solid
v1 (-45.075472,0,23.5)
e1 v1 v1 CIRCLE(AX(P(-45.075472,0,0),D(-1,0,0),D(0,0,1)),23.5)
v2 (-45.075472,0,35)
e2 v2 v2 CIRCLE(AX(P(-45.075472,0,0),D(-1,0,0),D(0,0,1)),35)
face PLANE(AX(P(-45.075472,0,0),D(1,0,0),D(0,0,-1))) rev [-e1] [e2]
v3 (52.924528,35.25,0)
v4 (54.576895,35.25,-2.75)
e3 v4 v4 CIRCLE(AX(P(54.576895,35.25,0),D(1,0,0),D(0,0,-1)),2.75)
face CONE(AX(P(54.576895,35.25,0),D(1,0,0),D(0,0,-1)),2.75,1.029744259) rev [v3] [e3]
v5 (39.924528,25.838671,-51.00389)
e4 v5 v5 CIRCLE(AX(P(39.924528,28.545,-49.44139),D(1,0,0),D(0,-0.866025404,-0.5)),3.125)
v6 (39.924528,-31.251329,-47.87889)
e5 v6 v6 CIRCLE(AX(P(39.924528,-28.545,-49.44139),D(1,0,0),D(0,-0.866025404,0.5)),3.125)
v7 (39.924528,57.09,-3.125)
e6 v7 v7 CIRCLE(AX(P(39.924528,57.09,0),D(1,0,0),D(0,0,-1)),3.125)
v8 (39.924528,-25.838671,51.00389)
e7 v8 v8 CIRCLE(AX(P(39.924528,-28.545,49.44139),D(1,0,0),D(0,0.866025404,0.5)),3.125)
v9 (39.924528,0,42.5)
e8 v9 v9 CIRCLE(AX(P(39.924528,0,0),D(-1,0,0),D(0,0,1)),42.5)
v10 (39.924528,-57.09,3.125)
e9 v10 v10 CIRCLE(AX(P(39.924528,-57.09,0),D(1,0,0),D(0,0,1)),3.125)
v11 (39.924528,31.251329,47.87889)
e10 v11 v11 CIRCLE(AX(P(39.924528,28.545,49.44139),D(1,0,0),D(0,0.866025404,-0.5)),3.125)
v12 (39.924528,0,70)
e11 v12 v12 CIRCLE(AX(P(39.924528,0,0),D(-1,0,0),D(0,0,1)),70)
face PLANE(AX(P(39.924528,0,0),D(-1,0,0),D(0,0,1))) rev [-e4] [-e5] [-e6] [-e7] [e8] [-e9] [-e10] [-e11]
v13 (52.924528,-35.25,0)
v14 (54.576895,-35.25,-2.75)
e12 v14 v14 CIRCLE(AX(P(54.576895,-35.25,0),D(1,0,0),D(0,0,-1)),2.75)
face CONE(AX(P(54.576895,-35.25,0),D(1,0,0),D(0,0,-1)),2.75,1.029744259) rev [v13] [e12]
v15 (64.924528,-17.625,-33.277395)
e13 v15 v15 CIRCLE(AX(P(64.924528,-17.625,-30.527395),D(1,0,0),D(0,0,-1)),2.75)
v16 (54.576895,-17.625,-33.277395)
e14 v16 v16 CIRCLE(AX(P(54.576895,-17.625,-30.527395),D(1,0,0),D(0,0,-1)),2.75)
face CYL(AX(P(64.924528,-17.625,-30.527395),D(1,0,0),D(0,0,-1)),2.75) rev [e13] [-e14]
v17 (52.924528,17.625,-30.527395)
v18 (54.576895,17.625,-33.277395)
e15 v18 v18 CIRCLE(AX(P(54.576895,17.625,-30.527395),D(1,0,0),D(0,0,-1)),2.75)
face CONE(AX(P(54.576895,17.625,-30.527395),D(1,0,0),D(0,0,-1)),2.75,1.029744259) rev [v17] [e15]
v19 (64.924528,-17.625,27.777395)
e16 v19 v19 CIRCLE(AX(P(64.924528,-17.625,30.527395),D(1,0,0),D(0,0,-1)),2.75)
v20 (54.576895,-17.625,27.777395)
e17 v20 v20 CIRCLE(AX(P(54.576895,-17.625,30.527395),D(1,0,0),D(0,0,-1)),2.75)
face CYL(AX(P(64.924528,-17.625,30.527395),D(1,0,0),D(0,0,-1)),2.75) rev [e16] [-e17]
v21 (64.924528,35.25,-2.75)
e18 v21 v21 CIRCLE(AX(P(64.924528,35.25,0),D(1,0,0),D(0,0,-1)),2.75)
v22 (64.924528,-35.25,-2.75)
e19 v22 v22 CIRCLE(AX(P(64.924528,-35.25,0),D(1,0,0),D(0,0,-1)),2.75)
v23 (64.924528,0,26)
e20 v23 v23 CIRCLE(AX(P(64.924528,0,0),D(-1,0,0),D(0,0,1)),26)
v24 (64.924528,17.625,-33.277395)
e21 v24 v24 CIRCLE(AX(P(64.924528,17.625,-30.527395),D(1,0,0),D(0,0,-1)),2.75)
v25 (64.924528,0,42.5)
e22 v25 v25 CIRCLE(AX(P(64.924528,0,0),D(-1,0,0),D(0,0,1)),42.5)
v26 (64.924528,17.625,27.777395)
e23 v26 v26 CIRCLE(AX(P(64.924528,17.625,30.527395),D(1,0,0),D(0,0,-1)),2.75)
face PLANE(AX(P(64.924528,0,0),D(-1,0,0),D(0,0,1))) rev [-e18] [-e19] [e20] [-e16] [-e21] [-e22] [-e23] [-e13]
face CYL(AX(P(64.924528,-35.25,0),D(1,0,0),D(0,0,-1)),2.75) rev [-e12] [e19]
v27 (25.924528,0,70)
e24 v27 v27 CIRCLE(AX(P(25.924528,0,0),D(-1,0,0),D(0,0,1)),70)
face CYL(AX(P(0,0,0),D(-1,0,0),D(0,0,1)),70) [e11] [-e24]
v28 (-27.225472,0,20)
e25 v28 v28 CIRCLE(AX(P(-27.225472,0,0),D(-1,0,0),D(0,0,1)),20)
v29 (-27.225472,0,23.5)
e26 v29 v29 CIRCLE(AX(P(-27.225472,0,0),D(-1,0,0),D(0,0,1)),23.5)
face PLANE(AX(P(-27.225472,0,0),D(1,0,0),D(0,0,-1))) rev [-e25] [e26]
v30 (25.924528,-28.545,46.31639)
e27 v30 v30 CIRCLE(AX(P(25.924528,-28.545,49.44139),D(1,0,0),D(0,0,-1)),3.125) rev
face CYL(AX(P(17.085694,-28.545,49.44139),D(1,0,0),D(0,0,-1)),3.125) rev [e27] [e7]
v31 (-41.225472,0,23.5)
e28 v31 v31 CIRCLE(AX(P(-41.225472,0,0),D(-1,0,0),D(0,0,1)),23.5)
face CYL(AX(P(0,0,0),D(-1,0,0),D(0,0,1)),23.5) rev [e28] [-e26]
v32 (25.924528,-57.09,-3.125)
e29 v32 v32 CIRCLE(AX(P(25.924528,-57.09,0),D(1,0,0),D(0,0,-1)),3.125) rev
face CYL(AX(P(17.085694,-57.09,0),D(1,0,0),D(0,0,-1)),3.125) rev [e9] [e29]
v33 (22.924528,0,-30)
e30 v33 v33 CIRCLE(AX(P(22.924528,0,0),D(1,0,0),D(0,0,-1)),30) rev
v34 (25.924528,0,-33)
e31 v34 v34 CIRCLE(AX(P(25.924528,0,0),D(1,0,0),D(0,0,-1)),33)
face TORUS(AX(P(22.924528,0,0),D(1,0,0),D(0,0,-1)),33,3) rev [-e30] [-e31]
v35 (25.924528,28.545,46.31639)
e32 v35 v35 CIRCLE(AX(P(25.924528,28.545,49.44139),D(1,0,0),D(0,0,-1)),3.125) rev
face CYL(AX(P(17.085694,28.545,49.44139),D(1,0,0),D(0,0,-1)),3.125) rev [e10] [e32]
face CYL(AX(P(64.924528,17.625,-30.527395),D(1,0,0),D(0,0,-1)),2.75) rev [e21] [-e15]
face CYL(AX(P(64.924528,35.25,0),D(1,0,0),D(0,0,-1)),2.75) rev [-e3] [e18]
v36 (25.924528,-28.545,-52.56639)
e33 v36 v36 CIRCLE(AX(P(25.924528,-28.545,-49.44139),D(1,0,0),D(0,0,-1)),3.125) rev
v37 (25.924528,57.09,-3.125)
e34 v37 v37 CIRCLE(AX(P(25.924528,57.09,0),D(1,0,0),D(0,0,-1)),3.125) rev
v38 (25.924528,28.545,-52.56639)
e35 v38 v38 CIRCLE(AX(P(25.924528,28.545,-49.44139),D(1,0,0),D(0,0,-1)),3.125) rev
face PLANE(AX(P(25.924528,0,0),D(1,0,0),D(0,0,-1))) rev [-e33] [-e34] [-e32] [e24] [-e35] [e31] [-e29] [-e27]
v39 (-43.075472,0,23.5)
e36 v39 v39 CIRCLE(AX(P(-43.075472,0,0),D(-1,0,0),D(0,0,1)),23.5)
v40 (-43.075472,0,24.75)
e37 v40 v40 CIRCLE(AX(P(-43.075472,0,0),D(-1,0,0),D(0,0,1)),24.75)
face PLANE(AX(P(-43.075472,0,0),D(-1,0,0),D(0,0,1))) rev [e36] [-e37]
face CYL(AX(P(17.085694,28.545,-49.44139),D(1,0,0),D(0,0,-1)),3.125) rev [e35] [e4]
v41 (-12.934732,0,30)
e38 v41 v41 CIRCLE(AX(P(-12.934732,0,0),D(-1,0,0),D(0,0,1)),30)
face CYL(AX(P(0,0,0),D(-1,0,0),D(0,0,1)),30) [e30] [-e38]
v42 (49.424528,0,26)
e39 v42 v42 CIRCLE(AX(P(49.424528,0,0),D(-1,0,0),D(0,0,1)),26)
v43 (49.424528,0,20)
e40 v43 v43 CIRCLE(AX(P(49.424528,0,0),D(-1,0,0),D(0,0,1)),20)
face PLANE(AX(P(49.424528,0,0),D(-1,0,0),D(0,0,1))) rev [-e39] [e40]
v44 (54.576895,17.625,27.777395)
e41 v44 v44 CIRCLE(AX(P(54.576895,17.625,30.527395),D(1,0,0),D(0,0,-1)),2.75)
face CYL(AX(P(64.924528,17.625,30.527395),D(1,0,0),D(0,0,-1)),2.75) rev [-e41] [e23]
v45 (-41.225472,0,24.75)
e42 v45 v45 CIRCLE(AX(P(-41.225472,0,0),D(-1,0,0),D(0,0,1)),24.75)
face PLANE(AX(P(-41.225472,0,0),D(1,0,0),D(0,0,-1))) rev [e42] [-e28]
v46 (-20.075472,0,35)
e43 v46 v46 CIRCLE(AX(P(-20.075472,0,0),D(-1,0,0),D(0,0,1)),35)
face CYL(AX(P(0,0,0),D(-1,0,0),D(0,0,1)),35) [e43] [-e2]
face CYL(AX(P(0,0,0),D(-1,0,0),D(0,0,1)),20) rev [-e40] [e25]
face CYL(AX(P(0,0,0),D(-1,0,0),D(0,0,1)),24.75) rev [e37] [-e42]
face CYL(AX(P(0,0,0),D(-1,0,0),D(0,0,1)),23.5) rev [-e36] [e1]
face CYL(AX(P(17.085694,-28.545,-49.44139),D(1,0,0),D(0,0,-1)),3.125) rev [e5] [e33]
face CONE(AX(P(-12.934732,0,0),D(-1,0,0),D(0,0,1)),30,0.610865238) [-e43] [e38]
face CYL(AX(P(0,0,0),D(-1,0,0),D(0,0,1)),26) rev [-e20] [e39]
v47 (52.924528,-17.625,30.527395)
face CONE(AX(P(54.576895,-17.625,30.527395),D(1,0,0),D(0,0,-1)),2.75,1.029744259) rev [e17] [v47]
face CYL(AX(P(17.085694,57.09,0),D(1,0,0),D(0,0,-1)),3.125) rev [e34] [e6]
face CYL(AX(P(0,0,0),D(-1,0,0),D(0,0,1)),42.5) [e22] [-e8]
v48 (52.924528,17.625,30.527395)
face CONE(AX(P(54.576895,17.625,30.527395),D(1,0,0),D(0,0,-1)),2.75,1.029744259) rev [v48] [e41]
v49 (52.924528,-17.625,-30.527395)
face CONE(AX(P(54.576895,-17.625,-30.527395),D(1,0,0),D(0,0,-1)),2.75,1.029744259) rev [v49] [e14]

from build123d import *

# Parameters (mm, degrees)
SCHIZZO2_R                  = 3.125
TAGLIO_ESTRUSIONE1_DEPTH    = 14
RIPETIZIONECIRCOLARE1_COUNT = 6
RACCORDO1_R                 = 3


with BuildPart() as part:
    # Schizzo1 → Rivoluzione1 (revolve)
    with BuildSketch(Plane.XY):
        Polygon((-41.225471698, 23.5), (-27.225471698, 23.5), (-27.225471698, 20), (49.424528302, 20), (49.424528302, 26), (64.924528302, 26), (64.924528302, 42.5), (39.924528302, 42.5), (39.924528302, 70), (25.924528302, 70), (25.924528302, 30), (-12.934731664, 30), (-20.075471698, 35), (-45.075471698, 35), (-45.075471698, 23.5), (-43.075471698, 23.5), (-43.075471698, 24.75), (-41.225471698, 24.75), align=None)
    revolve(axis=Axis((0, 0, 0), (1, 0, 0)))

    # Schizzo2 → Taglio-Estrusione1 (cut)
    with BuildSketch(Plane(origin=(39.924528302, 0, 0), x_dir=(0, 0, -1), z_dir=(1, 0, 0))):
        with Locations((0, 57.09)):
            Circle(SCHIZZO2_R)
    taglio_estrusione1 = extrude(amount=-TAGLIO_ESTRUSIONE1_DEPTH, mode=Mode.SUBTRACT)

    # Schizzo5 → Foro per Vite M5-1 (revolve, cut)
    with BuildSketch(Plane(origin=(64.924528302, 35.25, 0), x_dir=(0, 0, -1), z_dir=(0, 1, 0))):
        Polygon((0, 0), (0, 12), (2.75, 10.347633298), (2.75, 0), align=None)
    foro_per_vite_m5_1 = revolve(axis=Axis((71.274528302, 35.25, 0), (-1, 0, 0)), mode=Mode.SUBTRACT)

    # RipetizioneCircolare1: Taglio-Estrusione1, Foro per Vite M5-1 ×6 about axis
    ripetizionecircolare1_axis = Axis((0, 0, 0), (1, 0, 0))
    for i in range(1, RIPETIZIONECIRCOLARE1_COUNT):
        add(taglio_estrusione1.rotate(ripetizionecircolare1_axis, i * 360 / RIPETIZIONECIRCOLARE1_COUNT), mode=Mode.SUBTRACT)
        add(foro_per_vite_m5_1.rotate(ripetizionecircolare1_axis, i * 360 / RIPETIZIONECIRCOLARE1_COUNT), mode=Mode.SUBTRACT)

    # Raccordo1
    raccordo1_edges = [part.edges().sort_by_distance(p)[0] for p in [
        (25.924528302, -30, 0),
    ]]
    fillet(raccordo1_edges, radius=RACCORDO1_R)


solid = part.part
